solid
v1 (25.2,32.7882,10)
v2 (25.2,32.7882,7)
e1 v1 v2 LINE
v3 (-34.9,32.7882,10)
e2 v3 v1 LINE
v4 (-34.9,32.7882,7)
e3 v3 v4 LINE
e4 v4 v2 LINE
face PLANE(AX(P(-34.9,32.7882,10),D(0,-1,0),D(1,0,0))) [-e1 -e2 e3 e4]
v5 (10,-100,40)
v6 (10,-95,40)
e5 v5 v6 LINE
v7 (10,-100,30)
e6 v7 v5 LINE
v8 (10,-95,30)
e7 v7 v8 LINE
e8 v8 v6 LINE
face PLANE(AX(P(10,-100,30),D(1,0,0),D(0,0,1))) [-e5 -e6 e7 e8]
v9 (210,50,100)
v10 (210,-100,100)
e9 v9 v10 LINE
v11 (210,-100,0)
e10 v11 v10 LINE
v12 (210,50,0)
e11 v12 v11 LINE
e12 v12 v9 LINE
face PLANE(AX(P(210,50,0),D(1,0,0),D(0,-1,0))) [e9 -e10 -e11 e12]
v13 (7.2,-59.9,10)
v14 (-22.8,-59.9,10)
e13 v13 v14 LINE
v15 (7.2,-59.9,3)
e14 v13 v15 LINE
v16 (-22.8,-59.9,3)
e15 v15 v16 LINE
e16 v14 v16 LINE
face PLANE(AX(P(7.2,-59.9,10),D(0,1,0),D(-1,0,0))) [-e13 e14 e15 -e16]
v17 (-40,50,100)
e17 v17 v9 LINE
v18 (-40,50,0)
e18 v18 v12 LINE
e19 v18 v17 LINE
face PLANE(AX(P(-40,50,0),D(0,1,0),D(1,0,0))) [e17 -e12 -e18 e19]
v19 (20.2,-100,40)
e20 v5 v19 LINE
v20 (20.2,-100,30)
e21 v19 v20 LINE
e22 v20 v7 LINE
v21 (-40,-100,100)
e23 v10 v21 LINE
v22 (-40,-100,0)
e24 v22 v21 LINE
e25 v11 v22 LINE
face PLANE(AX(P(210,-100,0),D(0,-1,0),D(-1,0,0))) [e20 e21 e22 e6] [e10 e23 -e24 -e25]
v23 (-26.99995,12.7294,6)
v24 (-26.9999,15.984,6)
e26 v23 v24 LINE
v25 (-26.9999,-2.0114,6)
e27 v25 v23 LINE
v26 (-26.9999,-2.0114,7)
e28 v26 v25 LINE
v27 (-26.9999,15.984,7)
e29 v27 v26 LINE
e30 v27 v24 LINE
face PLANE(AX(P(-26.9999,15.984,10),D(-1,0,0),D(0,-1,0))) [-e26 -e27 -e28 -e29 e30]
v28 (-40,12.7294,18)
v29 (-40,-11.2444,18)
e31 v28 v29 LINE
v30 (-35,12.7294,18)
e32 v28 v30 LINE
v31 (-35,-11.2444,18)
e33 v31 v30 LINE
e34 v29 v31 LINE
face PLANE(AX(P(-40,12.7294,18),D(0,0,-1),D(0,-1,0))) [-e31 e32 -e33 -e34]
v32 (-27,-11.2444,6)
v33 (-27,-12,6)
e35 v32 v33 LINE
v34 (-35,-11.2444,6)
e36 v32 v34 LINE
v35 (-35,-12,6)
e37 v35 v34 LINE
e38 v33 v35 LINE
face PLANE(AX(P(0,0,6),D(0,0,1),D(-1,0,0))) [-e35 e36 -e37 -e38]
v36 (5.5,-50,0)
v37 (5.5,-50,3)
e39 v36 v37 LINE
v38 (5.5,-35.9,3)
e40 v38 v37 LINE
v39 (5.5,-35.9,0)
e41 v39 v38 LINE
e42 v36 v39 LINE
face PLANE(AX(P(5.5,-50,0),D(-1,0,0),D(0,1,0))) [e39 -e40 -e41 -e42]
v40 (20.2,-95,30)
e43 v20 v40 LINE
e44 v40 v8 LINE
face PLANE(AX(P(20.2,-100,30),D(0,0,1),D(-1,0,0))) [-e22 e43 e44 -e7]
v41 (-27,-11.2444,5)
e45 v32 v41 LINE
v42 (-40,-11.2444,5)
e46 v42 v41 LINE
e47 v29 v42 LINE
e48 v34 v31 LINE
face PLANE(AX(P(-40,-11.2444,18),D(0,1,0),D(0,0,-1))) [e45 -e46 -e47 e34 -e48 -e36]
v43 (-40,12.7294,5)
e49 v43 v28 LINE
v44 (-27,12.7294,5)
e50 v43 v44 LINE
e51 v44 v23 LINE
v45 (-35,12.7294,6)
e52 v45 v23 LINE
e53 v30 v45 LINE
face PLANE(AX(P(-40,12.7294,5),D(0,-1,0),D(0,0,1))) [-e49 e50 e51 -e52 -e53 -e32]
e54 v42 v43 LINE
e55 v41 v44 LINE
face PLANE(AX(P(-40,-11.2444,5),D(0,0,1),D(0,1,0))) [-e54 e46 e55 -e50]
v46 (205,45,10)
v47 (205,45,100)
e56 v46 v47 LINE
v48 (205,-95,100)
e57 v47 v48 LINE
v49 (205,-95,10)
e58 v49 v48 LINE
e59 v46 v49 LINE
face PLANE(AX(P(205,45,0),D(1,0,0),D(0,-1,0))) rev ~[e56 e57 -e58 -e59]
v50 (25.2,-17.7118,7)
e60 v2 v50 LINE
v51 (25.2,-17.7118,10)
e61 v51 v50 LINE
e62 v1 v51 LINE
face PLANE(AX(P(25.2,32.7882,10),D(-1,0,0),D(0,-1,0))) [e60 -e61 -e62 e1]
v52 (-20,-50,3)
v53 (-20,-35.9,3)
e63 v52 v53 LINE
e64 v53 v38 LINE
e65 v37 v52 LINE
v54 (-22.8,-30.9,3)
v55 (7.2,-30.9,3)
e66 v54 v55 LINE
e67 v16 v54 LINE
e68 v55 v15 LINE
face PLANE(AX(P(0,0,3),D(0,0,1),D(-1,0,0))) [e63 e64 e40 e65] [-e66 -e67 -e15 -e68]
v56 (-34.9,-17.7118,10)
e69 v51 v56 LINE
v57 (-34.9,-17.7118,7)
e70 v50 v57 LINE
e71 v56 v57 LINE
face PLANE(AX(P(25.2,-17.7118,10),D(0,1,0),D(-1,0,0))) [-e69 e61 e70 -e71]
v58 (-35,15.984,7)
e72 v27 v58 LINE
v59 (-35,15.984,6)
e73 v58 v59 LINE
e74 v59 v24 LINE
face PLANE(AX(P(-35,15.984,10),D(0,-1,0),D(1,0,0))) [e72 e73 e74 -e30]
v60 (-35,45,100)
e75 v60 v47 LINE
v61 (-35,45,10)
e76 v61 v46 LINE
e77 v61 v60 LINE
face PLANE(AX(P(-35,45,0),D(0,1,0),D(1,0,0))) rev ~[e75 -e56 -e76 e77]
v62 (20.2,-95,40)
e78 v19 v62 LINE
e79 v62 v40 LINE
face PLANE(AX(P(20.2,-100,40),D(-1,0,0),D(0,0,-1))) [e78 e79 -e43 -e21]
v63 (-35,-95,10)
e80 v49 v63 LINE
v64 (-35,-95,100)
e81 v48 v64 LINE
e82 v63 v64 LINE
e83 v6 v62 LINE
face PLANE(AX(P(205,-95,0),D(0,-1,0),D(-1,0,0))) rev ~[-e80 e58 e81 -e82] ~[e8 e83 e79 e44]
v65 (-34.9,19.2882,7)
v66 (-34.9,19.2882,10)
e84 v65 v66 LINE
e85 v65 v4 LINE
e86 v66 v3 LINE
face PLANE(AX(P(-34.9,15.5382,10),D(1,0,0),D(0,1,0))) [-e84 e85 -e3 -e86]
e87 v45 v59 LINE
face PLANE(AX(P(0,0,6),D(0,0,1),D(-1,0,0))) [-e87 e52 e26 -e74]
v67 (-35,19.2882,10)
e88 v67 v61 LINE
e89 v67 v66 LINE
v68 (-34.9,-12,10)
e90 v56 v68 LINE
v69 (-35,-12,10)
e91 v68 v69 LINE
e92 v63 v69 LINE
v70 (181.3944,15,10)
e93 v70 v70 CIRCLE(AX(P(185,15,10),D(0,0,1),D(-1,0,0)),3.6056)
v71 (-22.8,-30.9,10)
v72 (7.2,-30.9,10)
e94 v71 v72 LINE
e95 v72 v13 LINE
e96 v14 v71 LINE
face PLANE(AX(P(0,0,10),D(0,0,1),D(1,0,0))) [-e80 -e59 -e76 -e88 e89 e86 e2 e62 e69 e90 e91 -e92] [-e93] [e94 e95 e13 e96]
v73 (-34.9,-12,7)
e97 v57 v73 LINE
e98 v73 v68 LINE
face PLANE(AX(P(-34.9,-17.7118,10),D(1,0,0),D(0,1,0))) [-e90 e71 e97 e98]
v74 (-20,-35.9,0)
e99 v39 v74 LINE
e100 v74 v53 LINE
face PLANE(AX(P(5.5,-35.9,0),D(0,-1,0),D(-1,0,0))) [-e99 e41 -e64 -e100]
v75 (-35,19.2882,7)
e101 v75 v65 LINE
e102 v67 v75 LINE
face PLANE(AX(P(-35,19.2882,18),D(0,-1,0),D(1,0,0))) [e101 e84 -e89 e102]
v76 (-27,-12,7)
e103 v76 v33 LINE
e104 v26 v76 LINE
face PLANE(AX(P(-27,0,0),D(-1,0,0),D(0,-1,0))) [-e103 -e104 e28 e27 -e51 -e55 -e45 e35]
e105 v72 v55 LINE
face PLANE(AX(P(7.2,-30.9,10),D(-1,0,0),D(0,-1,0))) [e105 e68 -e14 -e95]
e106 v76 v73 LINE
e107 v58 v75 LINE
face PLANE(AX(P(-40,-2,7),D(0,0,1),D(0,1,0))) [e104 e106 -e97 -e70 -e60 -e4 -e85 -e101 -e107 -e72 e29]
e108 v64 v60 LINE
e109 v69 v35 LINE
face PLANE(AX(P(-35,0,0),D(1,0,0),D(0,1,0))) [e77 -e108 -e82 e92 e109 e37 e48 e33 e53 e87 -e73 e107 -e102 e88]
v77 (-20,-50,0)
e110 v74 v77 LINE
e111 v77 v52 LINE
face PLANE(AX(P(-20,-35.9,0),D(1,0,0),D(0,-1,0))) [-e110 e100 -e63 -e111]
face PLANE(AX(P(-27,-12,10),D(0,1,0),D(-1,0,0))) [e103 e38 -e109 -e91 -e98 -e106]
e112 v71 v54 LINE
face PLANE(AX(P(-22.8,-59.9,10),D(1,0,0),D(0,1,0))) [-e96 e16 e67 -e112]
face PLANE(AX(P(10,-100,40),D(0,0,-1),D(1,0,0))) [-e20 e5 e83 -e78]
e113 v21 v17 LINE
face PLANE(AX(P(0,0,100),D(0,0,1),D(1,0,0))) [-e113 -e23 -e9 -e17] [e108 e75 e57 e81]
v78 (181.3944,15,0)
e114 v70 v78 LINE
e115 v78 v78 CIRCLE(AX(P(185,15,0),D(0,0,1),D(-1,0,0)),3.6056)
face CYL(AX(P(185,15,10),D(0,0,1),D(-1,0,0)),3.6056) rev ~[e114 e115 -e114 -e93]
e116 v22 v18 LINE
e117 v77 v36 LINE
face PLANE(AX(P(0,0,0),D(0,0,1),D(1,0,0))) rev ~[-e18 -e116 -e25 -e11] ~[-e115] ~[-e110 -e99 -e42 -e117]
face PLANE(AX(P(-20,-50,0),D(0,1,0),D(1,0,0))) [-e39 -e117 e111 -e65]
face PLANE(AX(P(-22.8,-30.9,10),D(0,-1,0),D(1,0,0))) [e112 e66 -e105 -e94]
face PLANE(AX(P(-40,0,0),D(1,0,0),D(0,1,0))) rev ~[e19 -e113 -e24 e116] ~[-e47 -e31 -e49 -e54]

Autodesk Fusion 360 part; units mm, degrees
sketch "Sketch1" plane through (0, 0, 0) normal (0, 0, 1) x (1, 0, 0)
  line L0 (-40, 50) -> (210, 50)
  line L1 (210, 50) -> (210, -100)
  line L2 (210, -100) -> (-40, -100)
  line L3 (-40, -100) -> (-40, 50)
  line L4 (-35, 45) -> (205, 45)
  line L5 (205, 45) -> (205, -95)
  line L6 (205, -95) -> (-35, -95)
  line L7 (-35, -95) -> (-35, 45)
  dimension "d1" = 250
  dimension "d2" = 150
  dimension "d3" = 5
  dimension "d4" = 5
  dimension "d5" = 5
  dimension "d6" = 5
sketch "Sketch2" plane through (0, 0, 0) normal (0, 0, 1) x (1, 0, 0)
  circle A0 centre (185, 15) radius 3.5
  line L0 (205, 45) -> (205, -95)
  line L1 (-35, 45) -> (205, 45)
  dimension "d7" = 7
  dimension "d8" = 20
  dimension "d9" = 30
  dimension "d12" = 20
sketch "Sketch3" plane through (0, 0, 0) normal (0, 0, 1) x (1, 0, 0)
extrude "Extrude1" add sketch "Sketch1" along normal blind 100
sketch "Sketch4" plane through (0, 0, 0) normal (0, 1, 0) x (1, 0, 0)
sketch "Sketch5" plane through (0, 0, 0) normal (0, 0, 1) x (1, 0, 0)
  line L0 (-35, 45) -> (205, 45)
  line L1 (205, 45) -> (205, -95)
  line L2 (205, -95) -> (-35, -95)
  line L3 (-35, -95) -> (-35, 45)
extrude "Extrude2" add sketch "Sketch5" along normal blind 10
sketch "Sketch6" plane through (0, 0, 10) normal (0, 0, 1) x (-1, 0, 0)
  line L0 (35, 95) -> (-205, 95)
  line L1 (-205, 95) -> (-205, -45)
  line L2 (-205, -45) -> (35, -45)
  line L3 (35, -45) -> (35, 95)
  circle A0 centre (-185, -15) radius 3.6056
extrude "Extrude3" cut sketch "Sketch6" against normal blind 10 contours A0
sketch "Sketch7" plane through (0, 0, 0) normal (0, 0, 1) x (1, 0, 0)
  line L0 (-20, -50) -> (5.5, -50)
  line L1 (5.5, -50) -> (5.5, -35.9)
  line L2 (5.5, -35.9) -> (-20, -35.9)
  line L3 (-20, -35.9) -> (-20, -50)
  line L4 (210, -100) -> (-40, -100)
  dimension "d20" = 25.5
  dimension "d21" = 14.1
  dimension "d22" = 50
extrude "Extrude4" cut sketch "Sketch7" along normal blind 10
sketch "Sketch8" plane through (0, 0, 10) normal (0, 0, 1) x (-1, 0, 0)
  line L0 (20, 35.9) -> (-5.5, 35.9)
  line L1 (-5.5, 35.9) -> (-5.5, 50)
  line L2 (-5.5, 50) -> (20, 50)
  line L3 (20, 50) -> (20, 35.9)
  circle A0 centre (-185, -15) radius 3.6056
  line L4 (35, 95) -> (-205, 95)
  line L5 (-205, 95) -> (-205, -45)
  line L6 (-205, -45) -> (35, -45)
  line L7 (35, -45) -> (35, 95)
  line L8 (22.8, 30.9) -> (-7.2, 30.9)
  line L9 (-7.2, 30.9) -> (-7.2, 59.9)
  line L10 (-7.2, 59.9) -> (22.8, 59.9)
  line L11 (22.8, 59.9) -> (22.8, 30.9)
  dimension "d25" = 30
  dimension "d26" = 29
  dimension "d27" = 5
  dimension "d28" = 1.7
  dimension "d29" = 29
extrude "Extrude5" cut sketch "Sketch8" against normal blind 7 contours L8 L9 L10 L11
sketch "Sketch9" plane through (0, 0, 10) normal (0, 0, 1) x (-1, 0, 0)
  line L0 (-7.2, 30.9) -> (-7.2, 59.9)
  line L1 (-7.2, 59.9) -> (22.8, 59.9)
  line L2 (22.8, 59.9) -> (22.8, 30.9)
  line L3 (22.8, 30.9) -> (-7.2, 30.9)
  circle A0 centre (-185, -15) radius 3.6056
  line L4 (35, 95) -> (-205, 95)
  line L5 (-205, 95) -> (-205, -45)
  line L6 (-205, -45) -> (35, -45)
  line L7 (35, -45) -> (35, 95)
sketch "Sketch10" plane through (0, 0, 10) normal (0, 0, 1) x (-1, 0, 0)
sketch "Sketch11" plane through (0, 0, 10) normal (0, 0, 1) x (-1, 0, 0)
  line L0 (34.9, -32.7882) -> (-25.2, -32.7882)
  line L1 (-25.2, -32.7882) -> (-25.2, 17.7118)
  line L2 (-25.2, 17.7118) -> (34.9, 17.7118)
  line L3 (34.9, 17.7118) -> (34.9, -32.7882)
  line L4 (35.6, -7.5382) -> (29.9, -7.5382)
  line L5 (29.9, -7.5382) -> (29.9, -15.5382)
  line L6 (29.9, -15.5382) -> (35.6, -15.5382)
  line L7 (35.6, -15.5382) -> (35.6, -7.5382)
  line L8 (35, 95) -> (35, -45)
  dimension "d38" = 60.1
  dimension "d39" = 50.5
  dimension "d40" = 5.7
  dimension "d41" = 8
  dimension "d42" = 55.1
  dimension "d43" = 0.1
sketch "Sketch12" plane through (0, 0, 0) normal (1, 0, 0) x (0, 1, 0)
sketch "Sketch13" plane through (-40, 0, 0) normal (-1, 0, 0) x (0, -1, 0)
  line L0 (-50, 0) -> (100, 0)
  line L1 (100, 0) -> (100, 100)
  line L2 (100, 100) -> (-50, 100)
  line L3 (-50, 100) -> (-50, 0)
  line L4 (-19.2882, 18) -> (-4.2882, 18)
  line L5 (-4.2882, 18) -> (-4.2882, 3)
  line L6 (-4.2882, 3) -> (-19.2882, 3)
  line L7 (-19.2882, 3) -> (-19.2882, 18)
  line L8 (-15.5382, 10) -> (-7.5382, 10)
  dimension "d44" = 15
  dimension "d45" = 15
  dimension "d46" = 8
  dimension "d47" = 3.75
extrude "Extrude6" cut sketch "Sketch13" against normal blind 13 contours L4 L5 L6 L7
extrude "Extrude7" cut sketch "Sketch11" against normal blind 3 contours L0 L1 L2 L3 L4 L5 L6
sketch "Sketch14" plane through (0, 0, 0) normal (0, 0, 1) x (1, 0, 0)
sketch "Sketch15" plane through (0, 0, 0) normal (0, 0, 1) x (1, 0, 0)
sketch "Sketch16" plane through (0, -100, 0) normal (0, -1, 0) x (1, 0, 0)
  line L0 (-40, 0) -> (210, 0)
  line L1 (210, 0) -> (210, 100)
  line L2 (210, 100) -> (-40, 100)
  line L3 (-40, 100) -> (-40, 0)
  line L4 (10, 40) -> (20.2, 40)
  line L5 (20.2, 40) -> (20.2, 30)
  line L6 (20.2, 30) -> (10, 30)
  line L7 (10, 30) -> (10, 40)
  line L8 (205, 0) -> (-35, 0)
  dimension "d52" = 10.2
  dimension "d53" = 10
  dimension "d54" = 30
  dimension "d55" = 50
extrude "Extrude8" cut sketch "Sketch16" against normal blind 10 contours L4 L5 L6 L7
sketch "Sketch17" plane through (-40, 0, 0) normal (-1, 0, 0) x (0, -1, 0)
  line L0 (-4.2882, 18) -> (-4.2882, 3)
  line L1 (-4.2882, 3) -> (-19.2882, 3)
  line L2 (-19.2882, 3) -> (-19.2882, 18)
  line L3 (-19.2882, 18) -> (-4.2882, 18)
  line L4 (-50, 0) -> (100, 0)
  line L5 (100, 0) -> (100, 100)
  line L6 (100, 100) -> (-50, 100)
  line L7 (-50, 100) -> (-50, 0)
  line L8 (-19.2882, 18) -> (-4.2882, 18)
  line L9 (-4.2882, 18) -> (-4.2882, 3)
  line L10 (-4.2882, 3) -> (-19.2882, 3)
  line L11 (-19.2882, 3) -> (-19.2882, 18)
extrude "Extrude9" add sketch "Sketch17" against normal blind 13 contours L0 L1 L2 L3 L8 L9 L10 L11
sketch "Sketch18" plane through (0, 0, 10) normal (0, 0, 1) x (-1, 0, 0)
  line L0 (26.9999, 2.0114) -> (35, 2.0114)
  line L1 (35, 2.0114) -> (35, -15.984)
  line L2 (35, -15.984) -> (26.9999, -15.984)
  line L3 (26.9999, -15.984) -> (26.9999, 2.0114)
extrude "Extrude10" cut 1 faces at (-32.3333, 14.2882, 18) along direction (0, 0, -1) blind 11
extrude "Extrude11" cut sketch "Sketch18" against normal blind 4
sketch "Sketch19" plane through (-35, 0, 0) normal (1, 0, 0) x (0, 1, 0)
  line L0 (15.984, 7) -> (19.2882, 7)
  line L1 (19.2882, 7) -> (19.2882, 10)
  line L2 (19.2882, 10) -> (45, 10)
  line L3 (45, 10) -> (45, 100)
  line L4 (45, 100) -> (-95, 100)
  line L5 (-95, 100) -> (-95, 10)
  line L6 (-95, 10) -> (-2.0114, 10)
  line L7 (-2.0114, 10) -> (-2.0114, 6)
  line L8 (-2.0114, 6) -> (15.984, 6)
  line L9 (15.984, 6) -> (15.984, 7)
  line L10 (-2.0114, 10) -> (15.984, 10)
  line L11 (-2.0114, 7) -> (-2.0114, 10)
sketch "Sketch20" plane through (-35, 0, 0) normal (1, 0, 0) x (0, 1, 0)
sketch "Sketch21" plane through (-35, 0, 0) normal (1, 0, 0) x (0, 1, 0)
  line L0 (-2, 10) -> (16, 10)
  line L1 (16, 10) -> (16, 7)
  line L2 (16, 7) -> (-2, 7)
  line L3 (-2, 7) -> (-2, 10)
sketch "Sketch22" plane through (-40, 0, 0) normal (-1, 0, 0) x (0, -1, 0)
  line L0 (-50, 0) -> (100, 0)
  line L1 (100, 0) -> (100, 100)
  line L2 (100, 100) -> (-50, 100)
  line L3 (-50, 100) -> (-50, 0)
  line L4 (-16, 10) -> (2, 10)
  line L5 (2, 10) -> (2, 7)
  line L6 (2, 7) -> (-16, 7)
  line L7 (-16, 7) -> (-16, 10)
extrude "Extrude12" cut sketch "Sketch22" against normal blind 6 contours L4 L5 L6 L7
sketch "Sketch23" plane through (-35, 0, 0) normal (1, 0, 0) x (0, 1, 0)
sketch "Sketch24" plane through (-40, 0, 0) normal (-1, 0, 0) x (0, -1, 0)
  line L0 (2, 10) -> (2, 7)
  line L1 (2, 7) -> (-16, 7)
  line L2 (-16, 7) -> (-16, 10)
  line L3 (-16, 10) -> (2, 10)
  line L4 (-50, 0) -> (100, 0)
  line L5 (100, 0) -> (100, 100)
  line L6 (100, 100) -> (-50, 100)
  line L7 (-50, 100) -> (-50, 0)
  line L8 (-16, 14) -> (2, 14)
  line L9 (2, 14) -> (2, 6)
  line L10 (2, 6) -> (-16, 6)
  line L11 (-16, 6) -> (-16, 14)
extrude "Extrude13" cut sketch "Sketch24" against normal blind 58 contours L3 L8 L9 L11
sketch "Sketch25" plane through (-35, 0, 0) normal (1, 0, 0) x (0, 1, 0)
extrude "Extrude14" add sketch "Sketch21" against normal blind 5
sketch "Sketch26" plane through (-35, 0, 0) normal (1, 0, 0) x (0, 1, 0)
  line L0 (16, 14) -> (-2, 14)
  line L1 (-2, 14) -> (-2, 10)
  line L2 (-2, 10) -> (16, 10)
  line L3 (16, 10) -> (16, 14)
extrude "Extrude15" add sketch "Sketch26" against normal blind 5
sketch "Sketch27" plane through (0, 0, 10) normal (0, 0, 1) x (-1, 0, 0)
  line L0 (27, 12) -> (35, 12)
  line L1 (35, 12) -> (35, 2)
  line L2 (35, 2) -> (27, 2)
  line L3 (27, 2) -> (27, 12)
extrude "Extrude16" cut sketch "Sketch27" against normal blind 4
sketch "Sketch28" plane through (0, 0, 10) normal (0, 0, 1) x (-1, 0, 0)
sketch "Sketch29" plane through (0, 0, 10) normal (0, 0, 1) x (-1, 0, 0)
sketch "Sketch30" plane through (0, 0, 0) normal (1, 0, 0) x (0, 1, 0)
sketch "Sketch31" plane through (-40, 0, 0) normal (-1, 0, 0) x (0, -1, 0)
  line L0 (-50, 0) -> (100, 0)
  line L1 (100, 0) -> (100, 100)
  line L2 (100, 100) -> (-50, 100)
  line L3 (-50, 100) -> (-50, 0)
  line L4 (-12.7294, 18) -> (11.2444, 18)
  line L5 (11.2444, 18) -> (11.2444, 5)
  line L6 (11.2444, 5) -> (-12.7294, 5)
  line L7 (-12.7294, 5) -> (-12.7294, 18)
extrude "Extrude17" cut sketch "Sketch31" against normal blind 13 contours L4 L5 L6 L7
